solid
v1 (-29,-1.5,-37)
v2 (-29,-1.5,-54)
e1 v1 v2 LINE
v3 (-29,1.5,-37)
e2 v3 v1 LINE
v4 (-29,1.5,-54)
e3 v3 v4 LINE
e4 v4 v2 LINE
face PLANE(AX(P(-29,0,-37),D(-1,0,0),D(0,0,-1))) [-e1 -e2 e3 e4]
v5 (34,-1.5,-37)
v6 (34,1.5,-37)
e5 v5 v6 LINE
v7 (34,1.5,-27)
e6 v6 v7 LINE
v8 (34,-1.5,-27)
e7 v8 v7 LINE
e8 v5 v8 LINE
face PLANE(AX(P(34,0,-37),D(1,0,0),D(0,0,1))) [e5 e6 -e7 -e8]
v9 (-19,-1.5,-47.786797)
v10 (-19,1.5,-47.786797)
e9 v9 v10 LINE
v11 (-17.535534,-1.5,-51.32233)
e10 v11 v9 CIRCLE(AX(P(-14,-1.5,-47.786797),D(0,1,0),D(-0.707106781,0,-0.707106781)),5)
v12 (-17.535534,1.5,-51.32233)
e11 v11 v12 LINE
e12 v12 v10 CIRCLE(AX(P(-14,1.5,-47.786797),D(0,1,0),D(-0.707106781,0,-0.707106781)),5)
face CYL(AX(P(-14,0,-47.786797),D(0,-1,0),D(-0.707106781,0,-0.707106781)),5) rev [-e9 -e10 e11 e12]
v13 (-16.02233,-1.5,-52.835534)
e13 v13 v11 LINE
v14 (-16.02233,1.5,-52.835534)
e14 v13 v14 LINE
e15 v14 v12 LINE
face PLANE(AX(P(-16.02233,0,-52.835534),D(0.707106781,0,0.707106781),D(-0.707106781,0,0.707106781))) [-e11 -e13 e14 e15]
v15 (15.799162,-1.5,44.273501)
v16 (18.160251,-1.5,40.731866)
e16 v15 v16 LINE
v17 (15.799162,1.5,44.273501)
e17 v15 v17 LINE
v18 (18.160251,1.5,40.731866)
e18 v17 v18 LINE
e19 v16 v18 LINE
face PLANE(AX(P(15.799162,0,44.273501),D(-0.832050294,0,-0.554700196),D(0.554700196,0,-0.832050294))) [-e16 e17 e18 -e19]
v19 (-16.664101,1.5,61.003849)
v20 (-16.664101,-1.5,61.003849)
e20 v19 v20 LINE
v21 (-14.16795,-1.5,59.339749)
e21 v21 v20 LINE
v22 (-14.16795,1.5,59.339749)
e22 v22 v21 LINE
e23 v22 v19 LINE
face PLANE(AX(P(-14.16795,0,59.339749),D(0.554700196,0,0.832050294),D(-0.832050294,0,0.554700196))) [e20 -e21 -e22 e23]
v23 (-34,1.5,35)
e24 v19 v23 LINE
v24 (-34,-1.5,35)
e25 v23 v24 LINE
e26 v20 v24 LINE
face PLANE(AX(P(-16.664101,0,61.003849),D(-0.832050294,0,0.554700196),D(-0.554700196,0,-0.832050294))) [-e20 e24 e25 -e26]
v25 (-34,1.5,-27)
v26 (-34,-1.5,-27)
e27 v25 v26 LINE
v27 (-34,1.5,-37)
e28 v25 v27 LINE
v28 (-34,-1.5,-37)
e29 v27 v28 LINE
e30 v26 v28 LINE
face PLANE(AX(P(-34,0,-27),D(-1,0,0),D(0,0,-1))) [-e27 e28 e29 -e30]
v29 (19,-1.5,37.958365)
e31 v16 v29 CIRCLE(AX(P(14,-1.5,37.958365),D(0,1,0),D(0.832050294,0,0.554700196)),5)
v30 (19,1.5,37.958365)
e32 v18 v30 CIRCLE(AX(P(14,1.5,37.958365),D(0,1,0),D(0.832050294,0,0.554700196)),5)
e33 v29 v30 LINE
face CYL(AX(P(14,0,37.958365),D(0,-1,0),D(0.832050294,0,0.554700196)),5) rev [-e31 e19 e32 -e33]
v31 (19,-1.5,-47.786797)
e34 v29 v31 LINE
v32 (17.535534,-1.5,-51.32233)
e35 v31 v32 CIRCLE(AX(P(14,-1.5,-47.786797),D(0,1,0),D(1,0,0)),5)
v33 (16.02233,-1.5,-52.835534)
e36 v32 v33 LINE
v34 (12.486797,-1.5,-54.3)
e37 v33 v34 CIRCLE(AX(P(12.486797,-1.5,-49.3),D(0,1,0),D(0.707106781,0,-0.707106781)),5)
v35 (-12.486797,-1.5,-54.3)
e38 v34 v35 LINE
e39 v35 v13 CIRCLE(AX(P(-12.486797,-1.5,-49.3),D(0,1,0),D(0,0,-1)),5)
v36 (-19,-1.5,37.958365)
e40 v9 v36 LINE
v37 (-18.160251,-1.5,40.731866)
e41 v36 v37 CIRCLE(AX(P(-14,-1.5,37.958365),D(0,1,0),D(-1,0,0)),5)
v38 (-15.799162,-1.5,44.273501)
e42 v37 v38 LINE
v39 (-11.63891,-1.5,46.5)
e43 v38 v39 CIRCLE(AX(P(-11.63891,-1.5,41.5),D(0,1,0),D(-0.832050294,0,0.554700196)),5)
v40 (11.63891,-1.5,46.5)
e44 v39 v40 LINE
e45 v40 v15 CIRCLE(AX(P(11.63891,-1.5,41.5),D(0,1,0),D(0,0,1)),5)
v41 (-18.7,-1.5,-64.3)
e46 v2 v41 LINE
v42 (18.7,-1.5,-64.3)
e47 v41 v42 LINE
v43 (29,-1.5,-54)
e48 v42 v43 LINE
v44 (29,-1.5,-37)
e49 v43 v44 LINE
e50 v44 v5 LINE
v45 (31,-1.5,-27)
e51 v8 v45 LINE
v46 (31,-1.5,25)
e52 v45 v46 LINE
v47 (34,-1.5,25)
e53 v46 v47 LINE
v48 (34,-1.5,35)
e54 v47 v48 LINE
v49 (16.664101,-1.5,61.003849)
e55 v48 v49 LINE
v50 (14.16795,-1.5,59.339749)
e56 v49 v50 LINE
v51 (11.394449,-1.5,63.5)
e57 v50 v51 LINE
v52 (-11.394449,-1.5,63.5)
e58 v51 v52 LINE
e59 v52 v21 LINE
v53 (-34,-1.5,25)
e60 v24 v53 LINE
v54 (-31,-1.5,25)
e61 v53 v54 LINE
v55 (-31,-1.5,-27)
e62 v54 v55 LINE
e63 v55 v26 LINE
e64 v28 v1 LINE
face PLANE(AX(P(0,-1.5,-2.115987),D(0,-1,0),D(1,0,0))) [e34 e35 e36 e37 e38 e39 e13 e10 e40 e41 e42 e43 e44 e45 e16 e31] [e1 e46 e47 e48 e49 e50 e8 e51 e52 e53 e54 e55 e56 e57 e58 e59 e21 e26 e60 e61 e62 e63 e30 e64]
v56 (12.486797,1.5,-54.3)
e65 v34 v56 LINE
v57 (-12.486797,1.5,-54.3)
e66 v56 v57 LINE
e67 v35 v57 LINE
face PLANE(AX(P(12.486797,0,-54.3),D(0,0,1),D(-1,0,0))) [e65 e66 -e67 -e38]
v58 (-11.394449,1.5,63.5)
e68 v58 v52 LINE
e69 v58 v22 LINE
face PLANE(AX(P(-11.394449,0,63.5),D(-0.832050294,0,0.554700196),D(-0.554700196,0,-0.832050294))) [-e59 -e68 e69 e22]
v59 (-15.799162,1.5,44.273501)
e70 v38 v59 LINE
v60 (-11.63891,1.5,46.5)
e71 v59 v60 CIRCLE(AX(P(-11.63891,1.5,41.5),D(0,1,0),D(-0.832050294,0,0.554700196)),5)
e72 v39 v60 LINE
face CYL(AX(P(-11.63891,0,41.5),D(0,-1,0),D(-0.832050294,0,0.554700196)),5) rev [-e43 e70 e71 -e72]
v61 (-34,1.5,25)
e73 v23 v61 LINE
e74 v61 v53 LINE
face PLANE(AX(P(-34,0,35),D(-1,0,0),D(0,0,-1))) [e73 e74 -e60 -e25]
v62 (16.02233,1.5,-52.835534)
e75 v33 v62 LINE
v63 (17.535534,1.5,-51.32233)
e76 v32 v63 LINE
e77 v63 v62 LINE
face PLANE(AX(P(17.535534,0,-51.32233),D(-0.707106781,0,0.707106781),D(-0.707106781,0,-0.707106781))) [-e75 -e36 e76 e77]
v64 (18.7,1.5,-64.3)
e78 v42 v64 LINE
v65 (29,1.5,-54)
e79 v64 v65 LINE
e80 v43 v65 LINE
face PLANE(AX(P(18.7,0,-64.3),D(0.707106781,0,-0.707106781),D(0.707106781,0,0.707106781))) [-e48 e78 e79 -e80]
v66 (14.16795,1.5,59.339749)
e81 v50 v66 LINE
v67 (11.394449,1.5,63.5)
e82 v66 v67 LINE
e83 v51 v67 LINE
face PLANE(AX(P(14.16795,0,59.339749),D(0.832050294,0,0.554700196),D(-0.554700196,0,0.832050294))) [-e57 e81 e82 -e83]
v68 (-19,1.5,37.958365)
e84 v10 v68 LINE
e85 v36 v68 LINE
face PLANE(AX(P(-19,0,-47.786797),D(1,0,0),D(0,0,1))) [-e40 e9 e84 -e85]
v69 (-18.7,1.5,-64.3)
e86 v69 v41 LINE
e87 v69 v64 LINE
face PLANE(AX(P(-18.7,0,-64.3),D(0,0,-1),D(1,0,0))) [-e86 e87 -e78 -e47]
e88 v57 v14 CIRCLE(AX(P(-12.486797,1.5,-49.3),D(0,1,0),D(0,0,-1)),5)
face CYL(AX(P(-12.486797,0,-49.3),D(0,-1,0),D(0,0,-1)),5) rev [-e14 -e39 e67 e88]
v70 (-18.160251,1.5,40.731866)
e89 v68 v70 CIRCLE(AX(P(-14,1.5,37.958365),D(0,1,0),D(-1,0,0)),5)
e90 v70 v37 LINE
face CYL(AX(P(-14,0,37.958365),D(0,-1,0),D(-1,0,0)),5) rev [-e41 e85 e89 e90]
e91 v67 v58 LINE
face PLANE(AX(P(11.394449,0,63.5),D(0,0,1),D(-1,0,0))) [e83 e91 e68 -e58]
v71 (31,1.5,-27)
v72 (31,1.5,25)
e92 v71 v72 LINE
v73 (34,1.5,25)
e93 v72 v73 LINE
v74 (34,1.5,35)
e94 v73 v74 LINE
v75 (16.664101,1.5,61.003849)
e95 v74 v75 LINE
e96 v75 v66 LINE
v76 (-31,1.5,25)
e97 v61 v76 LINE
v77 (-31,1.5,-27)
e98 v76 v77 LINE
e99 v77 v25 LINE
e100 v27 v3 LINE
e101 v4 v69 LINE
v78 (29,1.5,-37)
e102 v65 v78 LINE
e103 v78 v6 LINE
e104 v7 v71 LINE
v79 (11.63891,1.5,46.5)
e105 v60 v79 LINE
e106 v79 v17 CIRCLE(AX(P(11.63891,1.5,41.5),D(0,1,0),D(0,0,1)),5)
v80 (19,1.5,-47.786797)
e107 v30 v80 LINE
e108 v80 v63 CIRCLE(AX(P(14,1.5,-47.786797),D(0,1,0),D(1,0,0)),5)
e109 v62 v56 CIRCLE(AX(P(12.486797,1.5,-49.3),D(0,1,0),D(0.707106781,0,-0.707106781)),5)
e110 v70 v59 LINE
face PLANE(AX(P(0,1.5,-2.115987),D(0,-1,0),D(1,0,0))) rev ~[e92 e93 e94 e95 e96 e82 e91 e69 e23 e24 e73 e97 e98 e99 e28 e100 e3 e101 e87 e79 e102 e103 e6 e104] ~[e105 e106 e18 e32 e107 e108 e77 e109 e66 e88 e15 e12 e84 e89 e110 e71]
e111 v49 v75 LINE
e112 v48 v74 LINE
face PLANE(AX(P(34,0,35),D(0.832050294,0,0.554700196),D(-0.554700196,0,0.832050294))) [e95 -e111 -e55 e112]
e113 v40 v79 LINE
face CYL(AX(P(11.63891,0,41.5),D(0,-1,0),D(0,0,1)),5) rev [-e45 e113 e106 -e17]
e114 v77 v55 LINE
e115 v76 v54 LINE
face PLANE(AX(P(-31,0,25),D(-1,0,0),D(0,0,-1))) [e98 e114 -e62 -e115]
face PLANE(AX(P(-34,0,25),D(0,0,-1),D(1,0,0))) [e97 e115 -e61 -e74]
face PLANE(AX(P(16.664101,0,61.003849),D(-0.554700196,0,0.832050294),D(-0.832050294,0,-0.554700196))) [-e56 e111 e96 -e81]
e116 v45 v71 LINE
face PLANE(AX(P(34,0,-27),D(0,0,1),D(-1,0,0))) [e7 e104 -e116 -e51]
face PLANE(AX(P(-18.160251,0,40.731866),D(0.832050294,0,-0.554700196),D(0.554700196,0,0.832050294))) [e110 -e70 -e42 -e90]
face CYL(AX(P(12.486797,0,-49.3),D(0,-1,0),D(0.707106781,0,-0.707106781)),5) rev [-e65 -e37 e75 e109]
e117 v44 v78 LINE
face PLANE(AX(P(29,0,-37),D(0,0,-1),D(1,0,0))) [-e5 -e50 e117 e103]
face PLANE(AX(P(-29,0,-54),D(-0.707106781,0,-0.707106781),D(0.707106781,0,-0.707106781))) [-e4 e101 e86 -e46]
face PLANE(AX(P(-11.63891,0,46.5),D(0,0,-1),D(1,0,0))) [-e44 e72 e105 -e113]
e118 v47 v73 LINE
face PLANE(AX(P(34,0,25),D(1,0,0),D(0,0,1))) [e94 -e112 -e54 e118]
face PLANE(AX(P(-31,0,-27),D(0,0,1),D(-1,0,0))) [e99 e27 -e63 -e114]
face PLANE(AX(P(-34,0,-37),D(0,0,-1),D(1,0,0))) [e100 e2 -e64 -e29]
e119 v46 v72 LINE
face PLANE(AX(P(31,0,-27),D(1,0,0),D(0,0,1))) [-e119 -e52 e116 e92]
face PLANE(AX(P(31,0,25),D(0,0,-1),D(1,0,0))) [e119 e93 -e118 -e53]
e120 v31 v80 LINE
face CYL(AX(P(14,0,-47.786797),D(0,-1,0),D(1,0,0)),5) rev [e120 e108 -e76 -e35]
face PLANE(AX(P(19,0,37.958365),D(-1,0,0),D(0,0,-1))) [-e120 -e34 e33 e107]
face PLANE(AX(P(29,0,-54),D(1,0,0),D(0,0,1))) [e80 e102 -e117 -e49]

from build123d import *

# Parameters (mm, degrees)
F1_DEPTH = 1.5


with BuildPart() as f1:
    # F0 (on Front) → F1 (new body, symmetric)
    with BuildSketch(Plane.XZ):
        Polygon((11.3944487245, 63.5), (-11.3944487245, 63.5), (-14.1679497057, 59.3397485283), (-16.6641005887, 61.003849117), (-34, 35), (-34, 25), (-31, 25), (-31, -27), (-34, -27), (-34, -37), (-29, -37), (-29, -54), (-18.7, -64.3), (18.7, -64.3), (29, -54), (29, -37), (34, -37), (34, -27), (31, -27), (31, 25), (34, 25), (34, 35), (16.6641005887, 61.003849117), (14.1679497057, 59.3397485283), align=None)
        with BuildLine():
            Line((-18.1602514717, 40.7318664151), (-15.799161761, 44.2735009811))
            ThreePointArc((-15.799161761, 44.2735009811), (-13.998199917, 45.9083729938), (-11.6389102893, 46.5))
            Line((-11.6389102893, 46.5), (11.6389102893, 46.5))
            ThreePointArc((11.6389102893, 46.5), (13.998199917, 45.9083729938), (15.799161761, 44.2735009811))
            Line((15.799161761, 44.2735009811), (18.1602514717, 40.7318664151))
            ThreePointArc((18.1602514717, 40.7318664151), (18.7854601324, 39.4072861775), (19, 37.958365434))
            Line((19, 37.958365434), (19, -47.7867965644))
            ThreePointArc((19, -47.7867965644), (18.6193976626, -49.7002137262), (17.5355339059, -51.3223304703))
            Line((17.5355339059, -51.3223304703), (16.0223304703, -52.8355339059))
            ThreePointArc((16.0223304703, -52.8355339059), (14.4002137262, -53.9193976626), (12.4867965644, -54.3))
            Line((12.4867965644, -54.3), (-12.4867965644, -54.3))
            ThreePointArc((-12.4867965644, -54.3), (-14.4002137262, -53.9193976626), (-16.0223304703, -52.8355339059))
            Line((-16.0223304703, -52.8355339059), (-17.5355339059, -51.3223304703))
            ThreePointArc((-17.5355339059, -51.3223304703), (-18.6193976626, -49.7002137262), (-19, -47.7867965644))
            Line((-19, -47.7867965644), (-19, 37.958365434))
            ThreePointArc((-19, 37.958365434), (-18.7854601324, 39.4072861775), (-18.1602514717, 40.7318664151))
        make_face(mode=Mode.SUBTRACT)
    extrude(amount=F1_DEPTH, both=True)


solid = f1.part
